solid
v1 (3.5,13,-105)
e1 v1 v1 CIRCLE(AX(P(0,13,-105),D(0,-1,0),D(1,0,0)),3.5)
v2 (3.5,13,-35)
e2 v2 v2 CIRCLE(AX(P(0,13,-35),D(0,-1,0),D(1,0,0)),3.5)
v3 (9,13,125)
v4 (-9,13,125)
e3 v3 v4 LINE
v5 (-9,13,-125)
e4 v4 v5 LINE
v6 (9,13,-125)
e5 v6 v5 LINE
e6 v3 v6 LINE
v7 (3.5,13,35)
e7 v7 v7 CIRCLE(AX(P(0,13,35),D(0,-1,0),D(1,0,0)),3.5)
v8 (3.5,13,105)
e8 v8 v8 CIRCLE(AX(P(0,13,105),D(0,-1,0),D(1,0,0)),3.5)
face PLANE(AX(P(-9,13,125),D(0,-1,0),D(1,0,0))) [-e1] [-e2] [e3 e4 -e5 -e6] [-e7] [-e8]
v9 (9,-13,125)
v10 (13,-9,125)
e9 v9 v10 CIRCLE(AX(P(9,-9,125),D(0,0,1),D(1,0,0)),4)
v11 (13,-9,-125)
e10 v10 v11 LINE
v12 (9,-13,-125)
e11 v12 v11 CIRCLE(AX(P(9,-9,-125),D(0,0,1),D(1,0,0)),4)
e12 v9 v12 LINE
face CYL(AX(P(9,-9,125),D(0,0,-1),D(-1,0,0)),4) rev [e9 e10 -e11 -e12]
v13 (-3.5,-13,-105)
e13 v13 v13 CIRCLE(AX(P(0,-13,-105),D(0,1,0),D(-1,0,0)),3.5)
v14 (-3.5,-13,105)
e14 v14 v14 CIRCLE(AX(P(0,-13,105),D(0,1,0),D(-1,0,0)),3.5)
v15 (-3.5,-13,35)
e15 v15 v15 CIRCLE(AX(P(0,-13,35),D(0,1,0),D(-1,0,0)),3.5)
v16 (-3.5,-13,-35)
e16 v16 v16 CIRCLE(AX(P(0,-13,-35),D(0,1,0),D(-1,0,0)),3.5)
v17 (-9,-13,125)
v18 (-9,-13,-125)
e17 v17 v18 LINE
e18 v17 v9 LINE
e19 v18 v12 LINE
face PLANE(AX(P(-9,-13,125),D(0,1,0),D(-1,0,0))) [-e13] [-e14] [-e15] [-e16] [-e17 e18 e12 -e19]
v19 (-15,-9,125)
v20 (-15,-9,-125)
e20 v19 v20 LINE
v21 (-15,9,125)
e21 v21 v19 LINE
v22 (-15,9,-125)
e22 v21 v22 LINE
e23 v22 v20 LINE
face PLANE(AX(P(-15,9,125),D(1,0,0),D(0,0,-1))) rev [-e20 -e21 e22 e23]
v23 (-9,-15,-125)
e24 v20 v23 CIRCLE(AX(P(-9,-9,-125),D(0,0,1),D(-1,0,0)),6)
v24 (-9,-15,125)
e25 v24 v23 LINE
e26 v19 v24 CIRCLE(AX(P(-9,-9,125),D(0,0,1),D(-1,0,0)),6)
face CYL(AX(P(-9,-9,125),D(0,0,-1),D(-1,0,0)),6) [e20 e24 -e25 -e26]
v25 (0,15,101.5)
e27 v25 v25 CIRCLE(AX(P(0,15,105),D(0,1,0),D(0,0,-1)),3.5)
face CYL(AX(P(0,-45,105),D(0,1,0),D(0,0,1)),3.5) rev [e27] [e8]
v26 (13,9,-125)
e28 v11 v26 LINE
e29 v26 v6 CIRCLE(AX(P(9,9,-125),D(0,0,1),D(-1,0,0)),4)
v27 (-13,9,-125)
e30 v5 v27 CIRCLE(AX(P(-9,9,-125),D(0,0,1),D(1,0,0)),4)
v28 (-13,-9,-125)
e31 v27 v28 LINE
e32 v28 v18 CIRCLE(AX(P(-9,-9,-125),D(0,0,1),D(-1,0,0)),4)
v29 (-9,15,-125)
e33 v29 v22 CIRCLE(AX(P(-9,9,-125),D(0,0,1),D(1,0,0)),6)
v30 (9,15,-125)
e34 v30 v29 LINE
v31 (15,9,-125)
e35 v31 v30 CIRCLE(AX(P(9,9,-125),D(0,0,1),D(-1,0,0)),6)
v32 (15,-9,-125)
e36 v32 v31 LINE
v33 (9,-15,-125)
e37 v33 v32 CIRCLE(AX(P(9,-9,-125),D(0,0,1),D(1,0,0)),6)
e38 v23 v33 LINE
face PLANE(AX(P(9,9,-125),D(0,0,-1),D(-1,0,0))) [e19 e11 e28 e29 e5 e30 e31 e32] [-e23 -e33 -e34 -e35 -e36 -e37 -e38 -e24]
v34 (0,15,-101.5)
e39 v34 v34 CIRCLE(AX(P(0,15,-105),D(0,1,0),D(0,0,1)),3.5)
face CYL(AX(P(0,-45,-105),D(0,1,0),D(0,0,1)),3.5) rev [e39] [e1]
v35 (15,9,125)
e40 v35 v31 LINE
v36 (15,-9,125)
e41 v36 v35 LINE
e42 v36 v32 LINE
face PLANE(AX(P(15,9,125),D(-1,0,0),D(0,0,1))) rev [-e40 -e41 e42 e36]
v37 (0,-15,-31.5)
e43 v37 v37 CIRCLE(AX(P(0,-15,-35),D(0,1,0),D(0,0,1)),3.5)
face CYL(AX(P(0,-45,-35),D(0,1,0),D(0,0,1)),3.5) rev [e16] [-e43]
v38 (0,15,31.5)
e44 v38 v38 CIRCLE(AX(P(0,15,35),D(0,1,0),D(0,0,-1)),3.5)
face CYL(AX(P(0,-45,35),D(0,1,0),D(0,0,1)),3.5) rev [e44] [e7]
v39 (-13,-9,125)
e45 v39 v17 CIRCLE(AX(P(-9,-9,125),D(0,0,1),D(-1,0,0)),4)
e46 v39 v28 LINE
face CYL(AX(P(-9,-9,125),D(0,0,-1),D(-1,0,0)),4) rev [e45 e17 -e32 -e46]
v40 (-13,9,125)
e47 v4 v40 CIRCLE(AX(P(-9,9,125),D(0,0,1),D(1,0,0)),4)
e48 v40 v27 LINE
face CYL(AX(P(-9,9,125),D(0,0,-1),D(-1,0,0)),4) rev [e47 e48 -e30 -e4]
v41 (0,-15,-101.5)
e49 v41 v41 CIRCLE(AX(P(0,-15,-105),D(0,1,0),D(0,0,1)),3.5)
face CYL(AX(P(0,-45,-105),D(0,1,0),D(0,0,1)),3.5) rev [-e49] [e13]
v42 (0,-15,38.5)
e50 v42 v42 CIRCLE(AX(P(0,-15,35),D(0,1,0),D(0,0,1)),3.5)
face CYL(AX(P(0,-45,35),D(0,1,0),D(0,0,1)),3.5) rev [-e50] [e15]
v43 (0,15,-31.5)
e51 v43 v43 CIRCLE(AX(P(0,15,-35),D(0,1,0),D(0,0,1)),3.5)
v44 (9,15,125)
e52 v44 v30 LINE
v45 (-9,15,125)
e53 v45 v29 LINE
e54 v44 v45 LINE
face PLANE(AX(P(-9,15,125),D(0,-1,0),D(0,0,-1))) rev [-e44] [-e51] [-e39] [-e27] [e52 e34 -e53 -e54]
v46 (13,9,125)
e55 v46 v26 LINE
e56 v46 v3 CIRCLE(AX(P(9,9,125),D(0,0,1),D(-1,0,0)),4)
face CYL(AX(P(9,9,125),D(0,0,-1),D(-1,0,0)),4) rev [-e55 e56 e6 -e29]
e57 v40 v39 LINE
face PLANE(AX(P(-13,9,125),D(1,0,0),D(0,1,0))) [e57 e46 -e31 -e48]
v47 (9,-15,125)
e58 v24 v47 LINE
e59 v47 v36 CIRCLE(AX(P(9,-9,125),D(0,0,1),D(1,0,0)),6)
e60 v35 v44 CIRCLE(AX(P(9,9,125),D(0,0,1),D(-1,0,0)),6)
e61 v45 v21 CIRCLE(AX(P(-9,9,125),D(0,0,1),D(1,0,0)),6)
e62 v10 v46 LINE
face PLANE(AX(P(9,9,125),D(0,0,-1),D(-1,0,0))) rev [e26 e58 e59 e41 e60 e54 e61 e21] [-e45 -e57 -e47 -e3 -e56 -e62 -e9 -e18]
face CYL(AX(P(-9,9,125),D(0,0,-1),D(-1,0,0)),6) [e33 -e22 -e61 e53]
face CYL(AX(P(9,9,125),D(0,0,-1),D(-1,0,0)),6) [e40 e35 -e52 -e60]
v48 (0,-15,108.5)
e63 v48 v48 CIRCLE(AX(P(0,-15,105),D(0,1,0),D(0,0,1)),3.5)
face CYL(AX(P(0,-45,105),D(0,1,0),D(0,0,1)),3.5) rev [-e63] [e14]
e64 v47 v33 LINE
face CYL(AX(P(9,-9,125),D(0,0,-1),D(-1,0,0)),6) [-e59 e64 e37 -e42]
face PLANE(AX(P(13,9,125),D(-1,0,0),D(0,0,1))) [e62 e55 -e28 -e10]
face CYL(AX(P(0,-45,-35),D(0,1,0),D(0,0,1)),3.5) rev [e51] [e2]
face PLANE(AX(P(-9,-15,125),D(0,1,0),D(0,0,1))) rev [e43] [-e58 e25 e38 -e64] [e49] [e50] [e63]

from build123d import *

# Parameters (mm, degrees)
AUFSATZ_LINEAR_AUSTRAGEN1_DEPTH = 125
SKIZZE2_R                       = 3.5
SCHNITT_LINEAR_AUSTRAGEN1_DEPTH = 60


with BuildPart() as part:
    # Skizze1 → Aufsatz-Linear austragen1 (new, symmetric)
    with BuildSketch(Plane.XY):
        with BuildLine():
            Line((-9, 15), (9, 15))
            ThreePointArc((9, 15), (13.242640687, 13.242640687), (15, 9))
            Line((15, 9), (15, -9))
            ThreePointArc((15, -9), (13.242640687, -13.242640687), (9, -15))
            Line((9, -15), (-9, -15))
            ThreePointArc((-9, -15), (-13.242640687, -13.242640687), (-15, -9))
            Line((-15, -9), (-15, 9))
            ThreePointArc((-15, 9), (-13.242640687, 13.242640687), (-9, 15))
        make_face()
        with BuildLine():
            Line((-13, 9), (-13, -9))
            ThreePointArc((-13, -9), (-11.828427125, -11.828427125), (-9, -13))
            Line((-9, -13), (9, -13))
            ThreePointArc((9, -13), (11.828427125, -11.828427125), (13, -9))
            Line((13, -9), (13, 9))
            ThreePointArc((13, 9), (11.828427125, 11.828427125), (9, 13))
            Line((9, 13), (-9, 13))
            ThreePointArc((-9, 13), (-11.828427125, 11.828427125), (-13, 9))
        make_face(mode=Mode.SUBTRACT)
    extrude(amount=AUFSATZ_LINEAR_AUSTRAGEN1_DEPTH, both=True)

    # Skizze2 → Schnitt-Linear austragen1 (cut)
    with BuildSketch(Plane(origin=(0, 15, 0), x_dir=(1, 0, 0), z_dir=(0, 1, 0))):
        with Locations(Location((0, 105, 0), (0, 0, 270))):
            Circle(SKIZZE2_R)
        with Locations(Location((0, 35, 0), (0, 0, 270))):
            Circle(SKIZZE2_R)
        with Locations((0, -35)):
            Circle(SKIZZE2_R)
        with Locations((0, -105)):
            Circle(SKIZZE2_R)
    extrude(amount=-SCHNITT_LINEAR_AUSTRAGEN1_DEPTH, mode=Mode.SUBTRACT)


solid = part.part
